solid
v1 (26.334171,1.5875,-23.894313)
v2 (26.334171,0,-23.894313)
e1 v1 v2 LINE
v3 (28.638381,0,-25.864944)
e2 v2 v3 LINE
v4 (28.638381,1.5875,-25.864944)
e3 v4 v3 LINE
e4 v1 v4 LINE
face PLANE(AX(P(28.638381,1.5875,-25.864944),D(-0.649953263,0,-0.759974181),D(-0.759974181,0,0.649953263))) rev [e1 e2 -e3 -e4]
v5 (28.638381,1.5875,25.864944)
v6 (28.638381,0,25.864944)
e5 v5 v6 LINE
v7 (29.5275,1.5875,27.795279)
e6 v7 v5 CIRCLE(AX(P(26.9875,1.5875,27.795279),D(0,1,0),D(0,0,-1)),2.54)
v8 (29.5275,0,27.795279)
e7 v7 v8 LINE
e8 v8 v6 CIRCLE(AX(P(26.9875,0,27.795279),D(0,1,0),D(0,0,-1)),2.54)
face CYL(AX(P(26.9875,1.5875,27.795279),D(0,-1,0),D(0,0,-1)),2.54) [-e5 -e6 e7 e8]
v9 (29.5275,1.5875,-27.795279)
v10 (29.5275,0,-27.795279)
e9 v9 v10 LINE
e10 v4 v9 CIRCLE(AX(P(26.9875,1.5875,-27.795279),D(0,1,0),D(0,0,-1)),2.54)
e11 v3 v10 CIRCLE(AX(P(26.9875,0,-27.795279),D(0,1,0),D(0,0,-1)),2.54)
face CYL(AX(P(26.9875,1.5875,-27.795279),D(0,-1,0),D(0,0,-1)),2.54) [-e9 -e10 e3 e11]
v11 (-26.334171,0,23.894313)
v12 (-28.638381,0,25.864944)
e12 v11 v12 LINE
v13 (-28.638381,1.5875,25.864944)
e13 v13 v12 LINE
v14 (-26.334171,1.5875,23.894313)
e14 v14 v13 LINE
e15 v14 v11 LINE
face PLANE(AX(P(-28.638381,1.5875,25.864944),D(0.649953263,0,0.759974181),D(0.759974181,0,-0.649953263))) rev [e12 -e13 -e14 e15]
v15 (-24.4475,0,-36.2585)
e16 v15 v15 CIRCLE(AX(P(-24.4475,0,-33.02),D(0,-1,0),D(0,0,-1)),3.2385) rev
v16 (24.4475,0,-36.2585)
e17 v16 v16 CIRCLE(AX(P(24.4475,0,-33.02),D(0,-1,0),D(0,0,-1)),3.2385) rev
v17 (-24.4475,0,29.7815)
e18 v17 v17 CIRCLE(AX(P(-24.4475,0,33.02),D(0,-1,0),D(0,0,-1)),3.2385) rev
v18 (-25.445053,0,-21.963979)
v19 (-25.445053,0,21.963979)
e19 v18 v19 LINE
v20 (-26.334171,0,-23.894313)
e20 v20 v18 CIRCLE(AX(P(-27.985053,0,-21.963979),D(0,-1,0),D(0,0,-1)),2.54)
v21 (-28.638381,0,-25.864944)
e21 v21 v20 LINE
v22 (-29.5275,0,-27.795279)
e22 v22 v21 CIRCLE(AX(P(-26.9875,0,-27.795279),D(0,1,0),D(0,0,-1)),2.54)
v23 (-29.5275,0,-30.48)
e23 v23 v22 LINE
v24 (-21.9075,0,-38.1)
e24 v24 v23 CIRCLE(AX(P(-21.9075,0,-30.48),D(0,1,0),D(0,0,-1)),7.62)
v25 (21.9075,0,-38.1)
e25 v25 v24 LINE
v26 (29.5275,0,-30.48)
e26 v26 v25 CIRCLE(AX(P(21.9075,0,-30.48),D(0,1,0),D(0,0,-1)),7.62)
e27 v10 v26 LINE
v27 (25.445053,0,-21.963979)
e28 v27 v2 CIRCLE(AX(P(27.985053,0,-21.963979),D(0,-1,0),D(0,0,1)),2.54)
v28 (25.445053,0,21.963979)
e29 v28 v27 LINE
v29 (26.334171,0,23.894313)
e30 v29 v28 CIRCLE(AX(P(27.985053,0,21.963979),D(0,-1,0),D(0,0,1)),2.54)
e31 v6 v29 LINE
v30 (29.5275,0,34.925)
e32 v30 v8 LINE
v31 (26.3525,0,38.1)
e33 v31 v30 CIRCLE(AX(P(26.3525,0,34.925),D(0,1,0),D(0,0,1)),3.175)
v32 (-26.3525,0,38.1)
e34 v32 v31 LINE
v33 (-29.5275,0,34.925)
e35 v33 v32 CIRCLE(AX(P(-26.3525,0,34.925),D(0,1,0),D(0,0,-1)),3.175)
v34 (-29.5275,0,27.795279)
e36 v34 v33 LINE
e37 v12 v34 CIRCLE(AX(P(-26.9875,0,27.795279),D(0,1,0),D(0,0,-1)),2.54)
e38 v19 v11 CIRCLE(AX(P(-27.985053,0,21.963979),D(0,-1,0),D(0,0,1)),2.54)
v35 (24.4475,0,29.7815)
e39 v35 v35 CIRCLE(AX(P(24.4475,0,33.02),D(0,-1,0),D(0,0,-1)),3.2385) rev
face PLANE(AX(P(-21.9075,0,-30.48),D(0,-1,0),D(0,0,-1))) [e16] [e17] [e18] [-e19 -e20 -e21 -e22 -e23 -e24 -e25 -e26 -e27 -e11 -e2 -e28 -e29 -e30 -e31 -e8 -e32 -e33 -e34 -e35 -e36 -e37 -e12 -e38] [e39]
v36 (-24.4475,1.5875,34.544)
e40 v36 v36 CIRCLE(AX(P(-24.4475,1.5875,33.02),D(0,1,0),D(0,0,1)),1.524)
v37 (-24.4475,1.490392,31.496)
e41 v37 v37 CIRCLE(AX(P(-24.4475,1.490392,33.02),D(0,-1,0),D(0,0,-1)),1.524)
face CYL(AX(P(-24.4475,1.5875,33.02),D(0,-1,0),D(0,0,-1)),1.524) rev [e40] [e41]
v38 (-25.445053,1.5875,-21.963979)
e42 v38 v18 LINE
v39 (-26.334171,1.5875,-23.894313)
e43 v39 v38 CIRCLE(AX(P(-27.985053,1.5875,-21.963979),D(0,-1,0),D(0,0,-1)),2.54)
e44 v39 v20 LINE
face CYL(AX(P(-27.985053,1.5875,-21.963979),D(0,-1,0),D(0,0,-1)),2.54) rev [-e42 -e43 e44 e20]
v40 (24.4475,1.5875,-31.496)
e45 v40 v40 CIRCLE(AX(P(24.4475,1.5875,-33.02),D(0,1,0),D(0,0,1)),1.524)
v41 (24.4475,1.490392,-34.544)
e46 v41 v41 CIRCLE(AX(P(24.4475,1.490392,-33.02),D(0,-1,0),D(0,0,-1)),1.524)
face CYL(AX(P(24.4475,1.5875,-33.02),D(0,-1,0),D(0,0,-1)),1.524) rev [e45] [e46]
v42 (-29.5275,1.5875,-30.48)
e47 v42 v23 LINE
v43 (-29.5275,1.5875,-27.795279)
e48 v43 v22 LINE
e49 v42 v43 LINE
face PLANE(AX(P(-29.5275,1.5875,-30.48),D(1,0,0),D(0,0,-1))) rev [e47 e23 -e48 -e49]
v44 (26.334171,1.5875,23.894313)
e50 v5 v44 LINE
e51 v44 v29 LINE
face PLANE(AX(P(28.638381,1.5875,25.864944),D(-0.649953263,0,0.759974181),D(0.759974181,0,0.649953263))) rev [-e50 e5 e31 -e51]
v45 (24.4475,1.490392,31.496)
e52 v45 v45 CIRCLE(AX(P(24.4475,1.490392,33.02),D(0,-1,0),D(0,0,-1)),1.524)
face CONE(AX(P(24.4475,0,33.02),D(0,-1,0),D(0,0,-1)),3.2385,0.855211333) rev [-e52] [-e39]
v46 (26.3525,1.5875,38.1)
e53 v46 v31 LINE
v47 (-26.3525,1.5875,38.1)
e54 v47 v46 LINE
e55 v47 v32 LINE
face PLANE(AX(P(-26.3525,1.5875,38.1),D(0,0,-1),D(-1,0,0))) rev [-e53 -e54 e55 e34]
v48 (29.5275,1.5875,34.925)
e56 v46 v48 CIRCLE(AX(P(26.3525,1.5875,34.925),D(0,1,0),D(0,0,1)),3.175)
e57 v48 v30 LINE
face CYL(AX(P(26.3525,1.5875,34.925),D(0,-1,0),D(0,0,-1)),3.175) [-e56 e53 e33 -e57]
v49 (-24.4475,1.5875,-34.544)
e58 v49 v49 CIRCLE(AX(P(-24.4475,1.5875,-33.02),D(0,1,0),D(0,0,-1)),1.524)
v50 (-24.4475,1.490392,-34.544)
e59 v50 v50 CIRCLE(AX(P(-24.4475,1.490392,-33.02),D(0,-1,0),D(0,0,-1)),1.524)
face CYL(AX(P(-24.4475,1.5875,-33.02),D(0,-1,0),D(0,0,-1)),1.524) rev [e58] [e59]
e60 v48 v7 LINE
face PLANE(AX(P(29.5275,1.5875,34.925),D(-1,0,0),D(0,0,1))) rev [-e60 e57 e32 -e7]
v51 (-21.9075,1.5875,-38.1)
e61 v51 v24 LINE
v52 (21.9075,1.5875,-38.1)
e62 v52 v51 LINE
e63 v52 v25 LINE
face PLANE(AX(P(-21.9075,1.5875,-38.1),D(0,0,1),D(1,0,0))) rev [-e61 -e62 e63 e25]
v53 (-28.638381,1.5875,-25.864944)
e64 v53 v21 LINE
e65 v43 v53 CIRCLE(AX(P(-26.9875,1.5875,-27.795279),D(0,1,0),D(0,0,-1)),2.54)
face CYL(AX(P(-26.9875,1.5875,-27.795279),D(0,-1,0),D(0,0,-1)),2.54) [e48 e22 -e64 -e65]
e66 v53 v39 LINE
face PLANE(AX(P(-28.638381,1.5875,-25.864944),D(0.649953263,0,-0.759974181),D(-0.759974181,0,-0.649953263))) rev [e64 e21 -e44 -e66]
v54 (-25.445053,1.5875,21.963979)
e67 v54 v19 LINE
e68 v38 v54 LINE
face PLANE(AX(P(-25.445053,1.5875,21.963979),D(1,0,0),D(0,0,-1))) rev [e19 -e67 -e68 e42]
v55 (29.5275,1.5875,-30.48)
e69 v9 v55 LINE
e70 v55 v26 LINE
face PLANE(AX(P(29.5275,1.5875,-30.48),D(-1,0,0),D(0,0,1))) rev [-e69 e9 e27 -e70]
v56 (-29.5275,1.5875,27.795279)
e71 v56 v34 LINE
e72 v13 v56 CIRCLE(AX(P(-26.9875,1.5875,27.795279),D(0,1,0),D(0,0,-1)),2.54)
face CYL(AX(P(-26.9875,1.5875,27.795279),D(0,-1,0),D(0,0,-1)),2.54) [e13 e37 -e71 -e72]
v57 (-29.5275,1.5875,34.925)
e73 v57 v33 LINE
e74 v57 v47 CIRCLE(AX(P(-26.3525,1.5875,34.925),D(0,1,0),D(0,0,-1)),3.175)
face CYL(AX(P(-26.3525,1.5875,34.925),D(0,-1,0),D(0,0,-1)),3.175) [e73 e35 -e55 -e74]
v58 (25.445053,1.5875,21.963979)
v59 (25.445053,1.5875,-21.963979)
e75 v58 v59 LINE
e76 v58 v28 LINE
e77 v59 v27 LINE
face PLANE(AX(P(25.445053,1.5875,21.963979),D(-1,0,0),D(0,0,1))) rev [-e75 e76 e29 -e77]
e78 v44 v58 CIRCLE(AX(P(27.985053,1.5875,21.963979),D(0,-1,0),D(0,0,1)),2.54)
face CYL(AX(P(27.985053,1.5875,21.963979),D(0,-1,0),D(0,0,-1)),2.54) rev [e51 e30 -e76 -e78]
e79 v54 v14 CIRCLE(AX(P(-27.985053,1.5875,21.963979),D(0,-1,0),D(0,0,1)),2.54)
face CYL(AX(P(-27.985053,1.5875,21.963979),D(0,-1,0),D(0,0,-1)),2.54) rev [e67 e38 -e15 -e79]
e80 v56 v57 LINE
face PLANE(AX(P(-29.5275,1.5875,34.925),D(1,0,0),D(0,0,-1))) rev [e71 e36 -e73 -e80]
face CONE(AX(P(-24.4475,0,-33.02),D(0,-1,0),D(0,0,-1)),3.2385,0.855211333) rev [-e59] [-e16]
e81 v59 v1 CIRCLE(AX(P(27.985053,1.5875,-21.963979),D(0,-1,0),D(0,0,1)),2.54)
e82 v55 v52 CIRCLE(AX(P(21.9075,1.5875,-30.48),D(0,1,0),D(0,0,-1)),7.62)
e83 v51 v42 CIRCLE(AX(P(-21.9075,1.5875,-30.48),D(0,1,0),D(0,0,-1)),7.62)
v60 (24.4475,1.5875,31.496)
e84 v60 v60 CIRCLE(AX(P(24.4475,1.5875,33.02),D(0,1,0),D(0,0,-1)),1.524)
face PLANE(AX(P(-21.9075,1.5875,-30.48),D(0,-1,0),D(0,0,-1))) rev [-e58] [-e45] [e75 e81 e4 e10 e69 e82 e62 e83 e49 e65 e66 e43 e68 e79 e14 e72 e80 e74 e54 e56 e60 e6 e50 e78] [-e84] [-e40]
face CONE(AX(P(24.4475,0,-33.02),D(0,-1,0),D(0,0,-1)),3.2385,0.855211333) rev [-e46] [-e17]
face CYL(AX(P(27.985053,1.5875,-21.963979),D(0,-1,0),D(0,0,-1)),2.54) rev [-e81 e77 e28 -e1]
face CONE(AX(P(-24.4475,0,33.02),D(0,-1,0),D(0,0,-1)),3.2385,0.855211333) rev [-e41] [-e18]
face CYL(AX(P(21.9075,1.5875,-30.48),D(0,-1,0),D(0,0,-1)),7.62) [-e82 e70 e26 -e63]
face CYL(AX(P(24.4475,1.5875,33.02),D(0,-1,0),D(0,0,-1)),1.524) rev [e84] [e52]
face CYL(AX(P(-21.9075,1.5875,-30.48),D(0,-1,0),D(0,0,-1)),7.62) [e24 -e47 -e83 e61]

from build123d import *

# Parameters (mm, degrees)
SKETCH1_R           = 1.524
BOSS_EXTRUDE1_DEPTH = 1.5875
CHAMFER1_SIZE       = 1.7145
CHAMFER1_SIZE2      = 1.490392112


with BuildPart() as part:
    # Sketch1 → Boss-Extrude1 (new body)
    with BuildSketch(Plane(origin=(0, 0, 0), x_dir=(1, 0, 0), z_dir=(0, 1, 0))):
        with BuildLine():
            Line((-26.3525, -38.1), (26.3525, -38.1))
            ThreePointArc((26.3525, -38.1), (28.59756403, -37.17006403), (29.5275, -34.925))
            Line((29.5275, -34.925), (29.5275, -27.795278791))
            ThreePointArc((29.5275, -27.795278791), (29.294536895, -26.732649616), (28.638381288, -25.864944371))
            Line((28.638381288, -25.864944371), (26.334171426, -23.89431332))
            ThreePointArc((26.334171426, -23.89431332), (25.678015818, -23.026608076), (25.445052714, -21.9639789))
            Line((25.445052714, -21.9639789), (25.445052714, 21.9639789))
            ThreePointArc((25.445052714, 21.9639789), (25.678015818, 23.026608076), (26.334171426, 23.89431332))
            Line((26.334171426, 23.89431332), (28.638381288, 25.864944371))
            ThreePointArc((28.638381288, 25.864944371), (29.294536895, 26.732649616), (29.5275, 27.795278791))
            Line((29.5275, 27.795278791), (29.5275, 30.48))
            ThreePointArc((29.5275, 30.48), (27.295653673, 35.868153673), (21.9075, 38.1))
            Line((21.9075, 38.1), (-21.9075, 38.1))
            ThreePointArc((-21.9075, 38.1), (-27.295653673, 35.868153673), (-29.5275, 30.48))
            Line((-29.5275, 30.48), (-29.5275, 27.795278791))
            ThreePointArc((-29.5275, 27.795278791), (-29.294536895, 26.732649616), (-28.638381288, 25.864944371))
            Line((-28.638381288, 25.864944371), (-26.334171426, 23.89431332))
            ThreePointArc((-26.334171426, 23.89431332), (-25.678015818, 23.026608076), (-25.445052714, 21.9639789))
            Line((-25.445052714, 21.9639789), (-25.445052714, -21.9639789))
            ThreePointArc((-25.445052714, -21.9639789), (-25.678015818, -23.026608076), (-26.334171426, -23.89431332))
            Line((-26.334171426, -23.89431332), (-28.638381288, -25.864944371))
            ThreePointArc((-28.638381288, -25.864944371), (-29.294536895, -26.732649616), (-29.5275, -27.795278791))
            Line((-29.5275, -27.795278791), (-29.5275, -34.925))
            ThreePointArc((-29.5275, -34.925), (-28.59756403, -37.17006403), (-26.3525, -38.1))
        make_face()
        with Locations((24.4475, 33.02)):
            Circle(SKETCH1_R, mode=Mode.SUBTRACT)
        with Locations((-24.4475, -33.02)):
            Circle(SKETCH1_R, mode=Mode.SUBTRACT)
        with Locations((-24.4475, 33.02)):
            Circle(SKETCH1_R, mode=Mode.SUBTRACT)
        with Locations((24.4475, -33.02)):
            Circle(SKETCH1_R, mode=Mode.SUBTRACT)
    extrude(amount=BOSS_EXTRUDE1_DEPTH)

    # Chamfer1
    chamfer1_edges = [part.edges().sort_by_distance(p)[0] for p in [
        (22.9235, 0, -33.02),
        (-25.9715, 0, 33.02),
        (-25.9715, 0, -33.02),
        (22.9235, 0, 33.02),
    ]]
    chamfer1_side = [part.faces().sort_by_distance(p)[0] for p in [
        (0, 0, 0.184699289),
    ]]
    chamfer(chamfer1_edges, length=CHAMFER1_SIZE, length2=CHAMFER1_SIZE2, reference=chamfer1_side[0])


solid = part.part
